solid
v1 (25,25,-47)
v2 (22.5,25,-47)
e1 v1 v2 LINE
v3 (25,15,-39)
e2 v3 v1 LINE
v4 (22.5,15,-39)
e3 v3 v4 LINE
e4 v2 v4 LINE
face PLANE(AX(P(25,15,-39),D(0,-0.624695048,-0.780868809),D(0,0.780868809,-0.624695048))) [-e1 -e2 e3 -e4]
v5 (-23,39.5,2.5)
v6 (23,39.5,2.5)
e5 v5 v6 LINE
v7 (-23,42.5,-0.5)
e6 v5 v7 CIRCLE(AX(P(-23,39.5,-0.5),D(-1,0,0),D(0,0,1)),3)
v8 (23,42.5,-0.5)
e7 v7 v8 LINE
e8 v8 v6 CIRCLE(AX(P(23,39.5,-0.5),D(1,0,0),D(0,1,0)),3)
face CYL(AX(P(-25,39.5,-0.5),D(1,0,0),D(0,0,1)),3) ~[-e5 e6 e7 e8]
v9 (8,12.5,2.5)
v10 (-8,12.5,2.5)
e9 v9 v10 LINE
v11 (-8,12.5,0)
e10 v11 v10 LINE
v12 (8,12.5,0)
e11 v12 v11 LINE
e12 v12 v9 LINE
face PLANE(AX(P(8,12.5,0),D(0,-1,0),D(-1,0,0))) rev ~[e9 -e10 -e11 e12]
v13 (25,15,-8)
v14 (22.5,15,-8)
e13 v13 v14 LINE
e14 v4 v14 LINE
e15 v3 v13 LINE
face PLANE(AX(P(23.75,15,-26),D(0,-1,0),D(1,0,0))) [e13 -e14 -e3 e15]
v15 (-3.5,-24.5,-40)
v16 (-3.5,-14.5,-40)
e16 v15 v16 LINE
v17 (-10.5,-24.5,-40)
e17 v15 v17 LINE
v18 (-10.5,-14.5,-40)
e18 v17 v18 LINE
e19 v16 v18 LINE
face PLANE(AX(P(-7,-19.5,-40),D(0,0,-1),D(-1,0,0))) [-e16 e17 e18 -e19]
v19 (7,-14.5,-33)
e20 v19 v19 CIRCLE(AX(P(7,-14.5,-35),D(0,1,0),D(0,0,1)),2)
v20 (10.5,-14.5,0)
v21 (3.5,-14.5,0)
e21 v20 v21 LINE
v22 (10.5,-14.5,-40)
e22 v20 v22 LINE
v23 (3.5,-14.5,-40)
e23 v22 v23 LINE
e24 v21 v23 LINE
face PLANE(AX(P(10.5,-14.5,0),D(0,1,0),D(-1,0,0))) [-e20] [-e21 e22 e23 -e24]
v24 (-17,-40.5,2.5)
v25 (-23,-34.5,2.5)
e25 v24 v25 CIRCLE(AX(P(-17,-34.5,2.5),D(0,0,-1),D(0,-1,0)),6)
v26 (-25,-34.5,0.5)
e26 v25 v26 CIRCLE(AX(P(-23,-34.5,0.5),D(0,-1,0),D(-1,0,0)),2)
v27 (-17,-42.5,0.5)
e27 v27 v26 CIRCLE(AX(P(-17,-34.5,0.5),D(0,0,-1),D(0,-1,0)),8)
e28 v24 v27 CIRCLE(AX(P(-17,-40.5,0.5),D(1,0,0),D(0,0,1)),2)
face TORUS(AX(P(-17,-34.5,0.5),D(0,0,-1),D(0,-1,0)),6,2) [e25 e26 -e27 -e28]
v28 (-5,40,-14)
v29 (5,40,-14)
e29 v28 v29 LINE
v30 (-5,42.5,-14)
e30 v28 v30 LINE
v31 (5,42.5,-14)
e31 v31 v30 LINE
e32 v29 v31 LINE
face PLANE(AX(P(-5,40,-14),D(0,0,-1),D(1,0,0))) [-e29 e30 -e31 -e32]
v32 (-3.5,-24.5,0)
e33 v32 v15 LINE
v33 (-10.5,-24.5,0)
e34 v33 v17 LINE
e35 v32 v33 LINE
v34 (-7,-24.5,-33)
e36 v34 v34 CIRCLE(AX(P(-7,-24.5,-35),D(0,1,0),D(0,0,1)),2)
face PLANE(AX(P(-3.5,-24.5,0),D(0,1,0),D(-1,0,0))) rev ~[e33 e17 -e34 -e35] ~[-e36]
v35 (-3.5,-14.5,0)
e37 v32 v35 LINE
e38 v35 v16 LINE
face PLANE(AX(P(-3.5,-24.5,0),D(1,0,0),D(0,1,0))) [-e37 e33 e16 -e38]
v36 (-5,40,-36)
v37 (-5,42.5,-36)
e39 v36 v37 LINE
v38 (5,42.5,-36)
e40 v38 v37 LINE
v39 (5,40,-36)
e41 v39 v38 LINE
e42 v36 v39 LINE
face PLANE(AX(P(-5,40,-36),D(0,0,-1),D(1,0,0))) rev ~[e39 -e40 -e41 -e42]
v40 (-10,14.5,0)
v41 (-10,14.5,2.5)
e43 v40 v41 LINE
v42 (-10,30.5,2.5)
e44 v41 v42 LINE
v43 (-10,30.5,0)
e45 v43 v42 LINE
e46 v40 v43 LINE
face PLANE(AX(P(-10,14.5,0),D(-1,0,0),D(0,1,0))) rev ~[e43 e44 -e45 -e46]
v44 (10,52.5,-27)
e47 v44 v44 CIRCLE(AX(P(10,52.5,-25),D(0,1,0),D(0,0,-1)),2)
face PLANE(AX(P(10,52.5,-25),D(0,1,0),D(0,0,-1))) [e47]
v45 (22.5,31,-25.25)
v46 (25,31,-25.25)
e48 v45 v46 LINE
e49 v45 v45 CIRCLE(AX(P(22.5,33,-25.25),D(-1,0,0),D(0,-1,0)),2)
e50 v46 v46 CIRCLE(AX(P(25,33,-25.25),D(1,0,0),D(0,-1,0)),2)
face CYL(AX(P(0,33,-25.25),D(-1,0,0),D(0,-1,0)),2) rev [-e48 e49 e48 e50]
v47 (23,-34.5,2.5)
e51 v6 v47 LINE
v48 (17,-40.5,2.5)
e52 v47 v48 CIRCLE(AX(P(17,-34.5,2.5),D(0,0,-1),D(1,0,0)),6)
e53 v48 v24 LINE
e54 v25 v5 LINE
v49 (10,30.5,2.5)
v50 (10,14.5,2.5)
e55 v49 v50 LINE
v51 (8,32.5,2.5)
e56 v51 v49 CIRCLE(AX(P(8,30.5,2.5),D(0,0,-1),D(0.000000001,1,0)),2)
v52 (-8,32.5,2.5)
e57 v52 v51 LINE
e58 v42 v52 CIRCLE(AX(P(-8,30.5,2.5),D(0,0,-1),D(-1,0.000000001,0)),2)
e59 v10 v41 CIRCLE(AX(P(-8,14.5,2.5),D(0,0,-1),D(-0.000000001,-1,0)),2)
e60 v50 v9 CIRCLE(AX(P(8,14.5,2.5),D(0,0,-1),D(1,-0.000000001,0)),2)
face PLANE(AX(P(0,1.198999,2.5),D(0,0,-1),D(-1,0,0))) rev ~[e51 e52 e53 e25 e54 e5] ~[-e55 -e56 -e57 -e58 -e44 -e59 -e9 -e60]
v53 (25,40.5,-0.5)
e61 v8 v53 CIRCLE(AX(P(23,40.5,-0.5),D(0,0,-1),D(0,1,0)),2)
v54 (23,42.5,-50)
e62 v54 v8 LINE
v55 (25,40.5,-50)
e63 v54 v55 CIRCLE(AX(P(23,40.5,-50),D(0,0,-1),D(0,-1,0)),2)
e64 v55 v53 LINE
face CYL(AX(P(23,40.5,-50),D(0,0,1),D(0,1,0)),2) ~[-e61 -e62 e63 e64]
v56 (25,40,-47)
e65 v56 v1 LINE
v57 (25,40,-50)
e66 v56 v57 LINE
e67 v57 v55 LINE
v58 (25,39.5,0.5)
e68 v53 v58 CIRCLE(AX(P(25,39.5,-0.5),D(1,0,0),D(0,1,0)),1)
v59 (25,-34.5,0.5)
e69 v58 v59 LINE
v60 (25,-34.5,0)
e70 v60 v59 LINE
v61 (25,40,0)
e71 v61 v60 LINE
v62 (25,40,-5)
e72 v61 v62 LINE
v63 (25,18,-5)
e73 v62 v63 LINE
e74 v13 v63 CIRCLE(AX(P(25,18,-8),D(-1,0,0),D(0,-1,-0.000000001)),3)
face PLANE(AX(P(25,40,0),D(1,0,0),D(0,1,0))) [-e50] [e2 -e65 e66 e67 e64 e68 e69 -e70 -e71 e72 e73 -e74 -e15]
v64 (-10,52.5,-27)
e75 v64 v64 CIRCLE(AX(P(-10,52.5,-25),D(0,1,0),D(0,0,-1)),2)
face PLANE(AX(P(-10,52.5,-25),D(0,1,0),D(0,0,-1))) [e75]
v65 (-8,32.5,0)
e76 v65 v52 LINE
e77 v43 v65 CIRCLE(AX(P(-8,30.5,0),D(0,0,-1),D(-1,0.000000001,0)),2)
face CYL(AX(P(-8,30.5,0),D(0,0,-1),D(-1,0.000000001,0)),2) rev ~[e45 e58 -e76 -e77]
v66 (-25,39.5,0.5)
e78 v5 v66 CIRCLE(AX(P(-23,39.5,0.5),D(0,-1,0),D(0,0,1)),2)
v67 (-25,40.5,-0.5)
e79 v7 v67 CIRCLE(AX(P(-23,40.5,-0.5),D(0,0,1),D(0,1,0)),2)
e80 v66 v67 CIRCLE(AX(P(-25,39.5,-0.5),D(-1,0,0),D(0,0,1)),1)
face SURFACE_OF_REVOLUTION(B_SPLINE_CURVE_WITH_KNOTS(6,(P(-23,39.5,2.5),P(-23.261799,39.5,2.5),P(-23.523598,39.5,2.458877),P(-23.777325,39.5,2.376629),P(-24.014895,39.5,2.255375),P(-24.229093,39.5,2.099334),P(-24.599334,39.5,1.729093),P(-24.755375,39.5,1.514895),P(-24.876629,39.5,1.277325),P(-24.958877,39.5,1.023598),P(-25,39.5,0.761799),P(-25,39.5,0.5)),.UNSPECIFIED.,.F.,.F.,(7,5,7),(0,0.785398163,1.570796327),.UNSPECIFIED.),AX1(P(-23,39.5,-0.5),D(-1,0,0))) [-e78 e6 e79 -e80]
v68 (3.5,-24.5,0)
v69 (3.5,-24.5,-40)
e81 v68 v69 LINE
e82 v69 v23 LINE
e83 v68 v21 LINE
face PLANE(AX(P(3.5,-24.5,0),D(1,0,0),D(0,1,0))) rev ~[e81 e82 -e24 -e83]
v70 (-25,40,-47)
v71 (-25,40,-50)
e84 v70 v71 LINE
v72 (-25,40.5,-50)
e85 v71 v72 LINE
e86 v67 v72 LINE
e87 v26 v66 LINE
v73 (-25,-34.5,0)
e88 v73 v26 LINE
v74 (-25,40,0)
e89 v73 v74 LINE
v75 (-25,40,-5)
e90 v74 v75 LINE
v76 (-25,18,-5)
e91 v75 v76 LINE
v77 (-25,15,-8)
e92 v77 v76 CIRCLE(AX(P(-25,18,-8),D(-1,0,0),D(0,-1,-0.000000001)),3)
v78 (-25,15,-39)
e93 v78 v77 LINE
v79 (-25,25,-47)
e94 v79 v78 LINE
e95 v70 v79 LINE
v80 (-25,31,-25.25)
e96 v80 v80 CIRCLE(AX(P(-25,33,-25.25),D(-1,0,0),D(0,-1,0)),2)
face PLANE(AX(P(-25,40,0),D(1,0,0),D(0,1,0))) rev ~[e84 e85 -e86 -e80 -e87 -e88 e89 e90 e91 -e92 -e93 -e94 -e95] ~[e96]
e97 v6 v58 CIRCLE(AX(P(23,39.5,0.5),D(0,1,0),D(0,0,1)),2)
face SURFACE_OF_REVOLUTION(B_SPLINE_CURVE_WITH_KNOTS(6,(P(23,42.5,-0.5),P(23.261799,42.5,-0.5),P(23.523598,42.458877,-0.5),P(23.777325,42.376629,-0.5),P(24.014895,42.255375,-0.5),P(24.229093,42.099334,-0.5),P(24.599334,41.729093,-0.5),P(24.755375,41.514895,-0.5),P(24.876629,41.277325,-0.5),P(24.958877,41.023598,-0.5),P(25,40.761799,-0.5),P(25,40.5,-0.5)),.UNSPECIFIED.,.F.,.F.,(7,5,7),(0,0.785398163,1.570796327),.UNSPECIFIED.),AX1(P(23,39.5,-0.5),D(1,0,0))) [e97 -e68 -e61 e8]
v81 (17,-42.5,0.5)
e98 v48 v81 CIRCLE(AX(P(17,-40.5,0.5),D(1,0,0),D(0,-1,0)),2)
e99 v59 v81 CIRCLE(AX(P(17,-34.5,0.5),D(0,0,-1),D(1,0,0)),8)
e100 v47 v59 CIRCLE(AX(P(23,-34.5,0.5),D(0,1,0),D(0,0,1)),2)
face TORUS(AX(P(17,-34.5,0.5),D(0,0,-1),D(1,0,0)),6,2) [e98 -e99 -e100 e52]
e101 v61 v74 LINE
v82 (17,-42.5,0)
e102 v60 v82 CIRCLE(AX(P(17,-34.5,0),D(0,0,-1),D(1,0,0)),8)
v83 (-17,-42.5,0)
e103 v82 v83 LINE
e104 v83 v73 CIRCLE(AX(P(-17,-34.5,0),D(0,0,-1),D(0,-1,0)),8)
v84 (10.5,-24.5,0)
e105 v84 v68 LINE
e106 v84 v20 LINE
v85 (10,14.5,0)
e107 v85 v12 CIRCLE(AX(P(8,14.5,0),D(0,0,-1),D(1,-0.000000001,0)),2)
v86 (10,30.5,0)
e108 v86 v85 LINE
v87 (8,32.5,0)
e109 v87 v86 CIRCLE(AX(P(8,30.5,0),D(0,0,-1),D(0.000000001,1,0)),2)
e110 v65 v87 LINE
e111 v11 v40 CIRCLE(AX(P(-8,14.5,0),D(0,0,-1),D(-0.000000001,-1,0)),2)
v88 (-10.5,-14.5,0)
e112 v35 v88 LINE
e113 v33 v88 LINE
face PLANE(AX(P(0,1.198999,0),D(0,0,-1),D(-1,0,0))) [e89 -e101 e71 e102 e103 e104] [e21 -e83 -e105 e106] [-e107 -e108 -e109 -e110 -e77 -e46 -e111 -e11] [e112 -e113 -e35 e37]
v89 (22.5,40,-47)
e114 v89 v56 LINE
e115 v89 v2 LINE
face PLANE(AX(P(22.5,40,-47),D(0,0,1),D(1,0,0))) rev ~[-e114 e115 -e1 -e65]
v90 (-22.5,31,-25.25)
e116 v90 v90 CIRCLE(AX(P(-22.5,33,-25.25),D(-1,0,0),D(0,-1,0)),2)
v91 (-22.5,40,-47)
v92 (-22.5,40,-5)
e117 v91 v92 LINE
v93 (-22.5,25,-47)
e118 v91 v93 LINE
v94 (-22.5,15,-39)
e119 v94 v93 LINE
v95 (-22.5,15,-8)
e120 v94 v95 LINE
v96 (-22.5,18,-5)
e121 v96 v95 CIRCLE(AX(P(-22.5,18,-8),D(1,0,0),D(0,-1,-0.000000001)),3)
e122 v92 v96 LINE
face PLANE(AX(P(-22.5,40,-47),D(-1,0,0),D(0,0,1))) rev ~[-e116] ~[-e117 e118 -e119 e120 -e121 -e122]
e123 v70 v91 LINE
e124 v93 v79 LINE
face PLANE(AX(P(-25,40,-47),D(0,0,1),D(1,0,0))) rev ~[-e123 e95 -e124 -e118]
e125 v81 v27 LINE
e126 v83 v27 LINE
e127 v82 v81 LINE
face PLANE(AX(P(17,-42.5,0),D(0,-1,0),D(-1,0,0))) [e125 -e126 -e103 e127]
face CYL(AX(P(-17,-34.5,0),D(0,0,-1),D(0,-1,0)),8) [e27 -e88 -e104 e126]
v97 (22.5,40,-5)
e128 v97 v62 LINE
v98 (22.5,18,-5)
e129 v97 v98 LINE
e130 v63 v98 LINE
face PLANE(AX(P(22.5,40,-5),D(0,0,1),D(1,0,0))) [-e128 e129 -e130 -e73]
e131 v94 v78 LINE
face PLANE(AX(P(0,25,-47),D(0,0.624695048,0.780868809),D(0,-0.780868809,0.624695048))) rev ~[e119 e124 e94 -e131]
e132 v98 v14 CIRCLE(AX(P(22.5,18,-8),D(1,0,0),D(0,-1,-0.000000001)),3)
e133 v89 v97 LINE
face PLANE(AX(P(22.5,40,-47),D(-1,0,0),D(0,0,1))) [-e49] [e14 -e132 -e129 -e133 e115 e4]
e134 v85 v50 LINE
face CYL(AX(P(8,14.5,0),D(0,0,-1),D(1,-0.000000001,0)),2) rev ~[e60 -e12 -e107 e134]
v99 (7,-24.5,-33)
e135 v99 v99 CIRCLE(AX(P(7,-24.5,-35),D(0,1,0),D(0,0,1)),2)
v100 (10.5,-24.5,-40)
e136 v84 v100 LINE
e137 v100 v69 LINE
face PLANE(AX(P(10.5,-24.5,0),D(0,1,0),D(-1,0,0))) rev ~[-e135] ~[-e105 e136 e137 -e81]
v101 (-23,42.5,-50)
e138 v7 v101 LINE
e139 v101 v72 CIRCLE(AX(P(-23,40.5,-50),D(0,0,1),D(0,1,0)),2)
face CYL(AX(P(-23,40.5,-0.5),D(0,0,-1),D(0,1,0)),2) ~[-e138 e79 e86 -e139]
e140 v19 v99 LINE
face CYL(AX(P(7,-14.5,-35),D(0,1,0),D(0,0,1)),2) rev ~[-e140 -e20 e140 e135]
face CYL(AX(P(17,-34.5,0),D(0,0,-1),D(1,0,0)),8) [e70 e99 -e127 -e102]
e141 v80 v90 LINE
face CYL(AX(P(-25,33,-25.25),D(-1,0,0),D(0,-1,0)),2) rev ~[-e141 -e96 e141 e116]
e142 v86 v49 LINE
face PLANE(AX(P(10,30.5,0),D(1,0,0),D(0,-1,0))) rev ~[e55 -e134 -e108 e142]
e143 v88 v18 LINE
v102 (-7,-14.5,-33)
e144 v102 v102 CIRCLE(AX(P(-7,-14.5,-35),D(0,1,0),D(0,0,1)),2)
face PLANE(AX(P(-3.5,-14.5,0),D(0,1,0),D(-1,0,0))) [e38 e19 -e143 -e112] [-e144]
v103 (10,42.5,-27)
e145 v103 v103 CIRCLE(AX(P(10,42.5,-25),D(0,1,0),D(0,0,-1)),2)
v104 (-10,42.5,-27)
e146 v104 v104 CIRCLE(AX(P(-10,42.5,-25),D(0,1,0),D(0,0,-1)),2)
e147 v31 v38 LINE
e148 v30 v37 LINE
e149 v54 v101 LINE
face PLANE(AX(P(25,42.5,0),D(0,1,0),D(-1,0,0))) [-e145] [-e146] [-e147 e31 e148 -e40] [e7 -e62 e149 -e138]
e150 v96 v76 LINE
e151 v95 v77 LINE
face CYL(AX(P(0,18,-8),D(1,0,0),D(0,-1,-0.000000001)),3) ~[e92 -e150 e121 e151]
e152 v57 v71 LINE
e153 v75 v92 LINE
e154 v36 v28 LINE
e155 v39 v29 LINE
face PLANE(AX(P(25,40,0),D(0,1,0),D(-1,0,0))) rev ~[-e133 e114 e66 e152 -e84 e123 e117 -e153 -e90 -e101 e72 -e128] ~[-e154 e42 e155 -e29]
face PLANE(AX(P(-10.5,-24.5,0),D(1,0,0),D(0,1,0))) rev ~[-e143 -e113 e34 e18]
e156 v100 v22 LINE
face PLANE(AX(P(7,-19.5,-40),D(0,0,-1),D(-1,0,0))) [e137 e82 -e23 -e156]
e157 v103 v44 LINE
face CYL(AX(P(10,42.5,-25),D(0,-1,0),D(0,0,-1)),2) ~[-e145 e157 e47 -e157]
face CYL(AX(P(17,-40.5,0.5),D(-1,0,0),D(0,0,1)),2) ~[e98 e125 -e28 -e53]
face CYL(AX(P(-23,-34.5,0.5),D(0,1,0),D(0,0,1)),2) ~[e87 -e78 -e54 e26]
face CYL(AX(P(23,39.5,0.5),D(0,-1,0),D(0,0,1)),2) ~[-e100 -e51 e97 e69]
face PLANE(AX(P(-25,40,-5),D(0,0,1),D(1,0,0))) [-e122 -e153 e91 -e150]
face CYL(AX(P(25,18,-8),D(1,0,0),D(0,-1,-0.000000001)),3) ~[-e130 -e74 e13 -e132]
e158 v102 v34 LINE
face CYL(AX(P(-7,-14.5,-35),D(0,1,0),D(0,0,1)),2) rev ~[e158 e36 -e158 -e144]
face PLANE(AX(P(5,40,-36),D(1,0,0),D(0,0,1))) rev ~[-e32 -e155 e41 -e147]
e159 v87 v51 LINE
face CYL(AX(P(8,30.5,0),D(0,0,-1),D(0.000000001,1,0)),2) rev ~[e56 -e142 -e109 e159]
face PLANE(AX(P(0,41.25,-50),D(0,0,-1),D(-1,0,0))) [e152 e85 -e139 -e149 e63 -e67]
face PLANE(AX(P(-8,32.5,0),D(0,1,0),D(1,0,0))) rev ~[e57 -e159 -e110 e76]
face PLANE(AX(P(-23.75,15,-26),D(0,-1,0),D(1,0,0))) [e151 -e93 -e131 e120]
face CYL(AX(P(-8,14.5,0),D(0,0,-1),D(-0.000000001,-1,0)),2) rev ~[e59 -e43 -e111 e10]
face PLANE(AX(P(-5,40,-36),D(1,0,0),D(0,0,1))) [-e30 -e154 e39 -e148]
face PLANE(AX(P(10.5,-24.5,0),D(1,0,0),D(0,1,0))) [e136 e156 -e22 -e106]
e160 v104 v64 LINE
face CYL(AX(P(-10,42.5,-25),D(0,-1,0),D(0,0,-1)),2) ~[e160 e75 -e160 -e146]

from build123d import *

# Parameters (mm, degrees)
SALIENTE_EXTRUIR1_DEPTH = 2.5
CROQUIS4_W              = 50
CROQUIS4_H              = 2.5
SALIENTE_EXTRUIR2_DEPTH = 50
REDONDEO2_R             = 3
CROQUIS6_W              = 2.5
CROQUIS6_H              = 42
SALIENTE_EXTRUIR3_DEPTH = 25
REDONDEO3_R             = 2
CORTAR_EXTRUIR1_DEPTH   = 25
CORTAR_EXTRUIR2_START   = -25
CORTAR_EXTRUIR2_DEPTH   = 25
CROQUIS11_W             = 10
CROQUIS11_H             = 22
CORTAR_EXTRUIR3_DEPTH   = 25
CROQUIS12_R             = 2
CORTAR_EXTRUIR4_DEPTH   = 25
CORTAR_EXTRUIR5_START   = -25
CROQUIS13_R             = 2
CORTAR_EXTRUIR5_DEPTH   = 25
CROQUIS14_R             = 2
SALIENTE_EXTRUIR4_DEPTH = 10
CROQUIS15_W             = 7
CROQUIS15_H             = 10
SALIENTE_EXTRUIR5_DEPTH = 40
CROQUIS17_R             = 2
CORTAR_EXTRUIR6_DEPTH   = 50
CROQUIS18_R             = 2
CORTAR_EXTRUIR7_DEPTH   = 50


with BuildPart() as part:
    # Croquis1 → Saliente-Extruir1 (new body)
    with BuildSketch(Plane.XY):
        with BuildLine():
            Line((17, -42.5), (-17, -42.5))
            ThreePointArc((-17, -42.5), (-22.656854249, -40.156854249), (-25, -34.5))
            Line((-25, -34.5), (-25, 42.5))
            Line((-25, 42.5), (25, 42.5))
            Line((25, 42.5), (25, -34.5))
            ThreePointArc((25, -34.5), (22.656854249, -40.156854249), (17, -42.5))
        make_face()
        with BuildLine():
            Line((8, 12.5), (-8, 12.5))
            ThreePointArc((-8, 12.5), (-9.414213562, 13.085786438), (-10, 14.5))
            Line((-10, 14.5), (-10, 30.5))
            ThreePointArc((-10, 30.5), (-9.414213562, 31.914213562), (-8, 32.5))
            Line((-8, 32.5), (8, 32.5))
            ThreePointArc((8, 32.5), (9.414213562, 31.914213562), (10, 30.5))
            Line((10, 30.5), (10, 14.5))
            ThreePointArc((10, 14.5), (9.414213562, 13.085786438), (8, 12.5))
        make_face(mode=Mode.SUBTRACT)
    extrude(amount=SALIENTE_EXTRUIR1_DEPTH)

    # Croquis4 → Saliente-Extruir2 (add)
    with BuildSketch(Plane(origin=(0, 0, 0), x_dir=(-1, 0, 0), z_dir=(0, 0, -1))):
        with Locations((0, 41.25)):
            Rectangle(CROQUIS4_W, CROQUIS4_H)
    extrude(amount=SALIENTE_EXTRUIR2_DEPTH)

    # Redondeo2
    redondeo2_edges = [part.edges().sort_by_distance(p)[0] for p in [
        (0, 42.5, 2.5),
    ]]
    fillet(redondeo2_edges, radius=REDONDEO2_R)

    # Croquis6 → Saliente-Extruir3 (add)
    with BuildSketch(Plane.XZ.offset(-40)):
        with Locations((-23.75, -26)):
            Rectangle(CROQUIS6_W, CROQUIS6_H)
        with Locations((23.75, -26)):
            Rectangle(CROQUIS6_W, CROQUIS6_H)
    extrude(amount=SALIENTE_EXTRUIR3_DEPTH)

    # Redondeo3
    redondeo3_edges = [part.edges().sort_by_distance(p)[0] for p in [
        (0, -42.5, 2.5),
        (22.656854249, -40.156854249, 2.5),
        (25, 2.5, 2.5),
        (-25, 2.5, 2.5),
        (-25, 42.5, -25.25),
        (-25, 41.621320344, 1.621320344),
        (25, 42.5, -25.25),
        (25, 41.621320344, 1.621320344),
        (-22.656854249, -40.156854249, 2.5),
    ]]
    fillet(redondeo3_edges, radius=REDONDEO3_R)

    # Croquis7 → Cortar-Extruir1 (cut)
    with BuildSketch(Plane(origin=(25, 0, 0), x_dir=(0, 0, -1), z_dir=(1, 0, 0))):
        Polygon((39, 15), (47, 25), (47, 15), align=None)
        with BuildLine():
            Line((5, 18), (5, 15))
            Line((5, 15), (8, 15))
            ThreePointArc((8, 15), (5.878679656, 15.878679656), (5, 18))
        make_face()
    extrude(amount=-CORTAR_EXTRUIR1_DEPTH, mode=Mode.SUBTRACT)

    # Croquis8 → Cortar-Extruir2 (cut)
    with BuildSketch(Plane.ZY.offset(25).offset(CORTAR_EXTRUIR2_START)):
        Polygon((-39, 15), (-47, 15), (-47, 25), align=None)
        with BuildLine():
            Line((-5, 18), (-5, 15))
            Line((-5, 15), (-8, 15))
            ThreePointArc((-8, 15), (-5.878679656, 15.878679656), (-5, 18))
        make_face()
    extrude(amount=CORTAR_EXTRUIR2_DEPTH, mode=Mode.SUBTRACT)

    # Croquis11 → Cortar-Extruir3 (cut)
    with BuildSketch(Plane.XZ.offset(-40)):
        with Locations((0, -25)):
            Rectangle(CROQUIS11_W, CROQUIS11_H)
    extrude(amount=-CORTAR_EXTRUIR3_DEPTH, mode=Mode.SUBTRACT)

    # Croquis12 → Cortar-Extruir4 (cut)
    with BuildSketch(Plane.ZY.offset(25)):
        with Locations(Location((-25.25, 33, 0), (0, 0, 270))):
            Circle(CROQUIS12_R)
    extrude(amount=-CORTAR_EXTRUIR4_DEPTH, mode=Mode.SUBTRACT)

    # Croquis13 → Cortar-Extruir5 (cut)
    with BuildSketch(Plane(origin=(25, 0, 0), x_dir=(0, 0, -1), z_dir=(1, 0, 0)).offset(CORTAR_EXTRUIR5_START)):
        with Locations(Location((25.25, 33, 0), (0, 0, 270))):
            Circle(CROQUIS13_R)
    extrude(amount=CORTAR_EXTRUIR5_DEPTH, mode=Mode.SUBTRACT)

    # Croquis14 → Saliente-Extruir4 (add)
    with BuildSketch(Plane(origin=(0, 42.5, 0), x_dir=(1, 0, 0), z_dir=(0, 1, 0))):
        with Locations(Location((-10, 25, 0), (0, 0, 90))):
            Circle(CROQUIS14_R)
        with Locations(Location((10, 25, 0), (0, 0, 90))):
            Circle(CROQUIS14_R)
    extrude(amount=SALIENTE_EXTRUIR4_DEPTH)

    # Croquis15 → Saliente-Extruir5 (add)
    with BuildSketch(Plane(origin=(0, 0, 0), x_dir=(-1, 0, 0), z_dir=(0, 0, -1))):
        with Locations((-7, -19.5)):
            Rectangle(CROQUIS15_W, CROQUIS15_H)
        with Locations((7, -19.5)):
            Rectangle(CROQUIS15_W, CROQUIS15_H)
    extrude(amount=SALIENTE_EXTRUIR5_DEPTH)

    # Croquis17 → Cortar-Extruir6 (cut)
    with BuildSketch(Plane(origin=(0, -14.5, 0), x_dir=(1, 0, 0), z_dir=(0, 1, 0))):
        with Locations(Location((-7, 35, 0), (0, 0, 270))):
            Circle(CROQUIS17_R)
    extrude(amount=-CORTAR_EXTRUIR6_DEPTH, mode=Mode.SUBTRACT)

    # Croquis18 → Cortar-Extruir7 (cut)
    with BuildSketch(Plane(origin=(0, -14.5, 0), x_dir=(1, 0, 0), z_dir=(0, 1, 0))):
        with Locations(Location((7, 35, 0), (0, 0, 270))):
            Circle(CROQUIS18_R)
    extrude(amount=-CORTAR_EXTRUIR7_DEPTH, mode=Mode.SUBTRACT)


solid = part.part
